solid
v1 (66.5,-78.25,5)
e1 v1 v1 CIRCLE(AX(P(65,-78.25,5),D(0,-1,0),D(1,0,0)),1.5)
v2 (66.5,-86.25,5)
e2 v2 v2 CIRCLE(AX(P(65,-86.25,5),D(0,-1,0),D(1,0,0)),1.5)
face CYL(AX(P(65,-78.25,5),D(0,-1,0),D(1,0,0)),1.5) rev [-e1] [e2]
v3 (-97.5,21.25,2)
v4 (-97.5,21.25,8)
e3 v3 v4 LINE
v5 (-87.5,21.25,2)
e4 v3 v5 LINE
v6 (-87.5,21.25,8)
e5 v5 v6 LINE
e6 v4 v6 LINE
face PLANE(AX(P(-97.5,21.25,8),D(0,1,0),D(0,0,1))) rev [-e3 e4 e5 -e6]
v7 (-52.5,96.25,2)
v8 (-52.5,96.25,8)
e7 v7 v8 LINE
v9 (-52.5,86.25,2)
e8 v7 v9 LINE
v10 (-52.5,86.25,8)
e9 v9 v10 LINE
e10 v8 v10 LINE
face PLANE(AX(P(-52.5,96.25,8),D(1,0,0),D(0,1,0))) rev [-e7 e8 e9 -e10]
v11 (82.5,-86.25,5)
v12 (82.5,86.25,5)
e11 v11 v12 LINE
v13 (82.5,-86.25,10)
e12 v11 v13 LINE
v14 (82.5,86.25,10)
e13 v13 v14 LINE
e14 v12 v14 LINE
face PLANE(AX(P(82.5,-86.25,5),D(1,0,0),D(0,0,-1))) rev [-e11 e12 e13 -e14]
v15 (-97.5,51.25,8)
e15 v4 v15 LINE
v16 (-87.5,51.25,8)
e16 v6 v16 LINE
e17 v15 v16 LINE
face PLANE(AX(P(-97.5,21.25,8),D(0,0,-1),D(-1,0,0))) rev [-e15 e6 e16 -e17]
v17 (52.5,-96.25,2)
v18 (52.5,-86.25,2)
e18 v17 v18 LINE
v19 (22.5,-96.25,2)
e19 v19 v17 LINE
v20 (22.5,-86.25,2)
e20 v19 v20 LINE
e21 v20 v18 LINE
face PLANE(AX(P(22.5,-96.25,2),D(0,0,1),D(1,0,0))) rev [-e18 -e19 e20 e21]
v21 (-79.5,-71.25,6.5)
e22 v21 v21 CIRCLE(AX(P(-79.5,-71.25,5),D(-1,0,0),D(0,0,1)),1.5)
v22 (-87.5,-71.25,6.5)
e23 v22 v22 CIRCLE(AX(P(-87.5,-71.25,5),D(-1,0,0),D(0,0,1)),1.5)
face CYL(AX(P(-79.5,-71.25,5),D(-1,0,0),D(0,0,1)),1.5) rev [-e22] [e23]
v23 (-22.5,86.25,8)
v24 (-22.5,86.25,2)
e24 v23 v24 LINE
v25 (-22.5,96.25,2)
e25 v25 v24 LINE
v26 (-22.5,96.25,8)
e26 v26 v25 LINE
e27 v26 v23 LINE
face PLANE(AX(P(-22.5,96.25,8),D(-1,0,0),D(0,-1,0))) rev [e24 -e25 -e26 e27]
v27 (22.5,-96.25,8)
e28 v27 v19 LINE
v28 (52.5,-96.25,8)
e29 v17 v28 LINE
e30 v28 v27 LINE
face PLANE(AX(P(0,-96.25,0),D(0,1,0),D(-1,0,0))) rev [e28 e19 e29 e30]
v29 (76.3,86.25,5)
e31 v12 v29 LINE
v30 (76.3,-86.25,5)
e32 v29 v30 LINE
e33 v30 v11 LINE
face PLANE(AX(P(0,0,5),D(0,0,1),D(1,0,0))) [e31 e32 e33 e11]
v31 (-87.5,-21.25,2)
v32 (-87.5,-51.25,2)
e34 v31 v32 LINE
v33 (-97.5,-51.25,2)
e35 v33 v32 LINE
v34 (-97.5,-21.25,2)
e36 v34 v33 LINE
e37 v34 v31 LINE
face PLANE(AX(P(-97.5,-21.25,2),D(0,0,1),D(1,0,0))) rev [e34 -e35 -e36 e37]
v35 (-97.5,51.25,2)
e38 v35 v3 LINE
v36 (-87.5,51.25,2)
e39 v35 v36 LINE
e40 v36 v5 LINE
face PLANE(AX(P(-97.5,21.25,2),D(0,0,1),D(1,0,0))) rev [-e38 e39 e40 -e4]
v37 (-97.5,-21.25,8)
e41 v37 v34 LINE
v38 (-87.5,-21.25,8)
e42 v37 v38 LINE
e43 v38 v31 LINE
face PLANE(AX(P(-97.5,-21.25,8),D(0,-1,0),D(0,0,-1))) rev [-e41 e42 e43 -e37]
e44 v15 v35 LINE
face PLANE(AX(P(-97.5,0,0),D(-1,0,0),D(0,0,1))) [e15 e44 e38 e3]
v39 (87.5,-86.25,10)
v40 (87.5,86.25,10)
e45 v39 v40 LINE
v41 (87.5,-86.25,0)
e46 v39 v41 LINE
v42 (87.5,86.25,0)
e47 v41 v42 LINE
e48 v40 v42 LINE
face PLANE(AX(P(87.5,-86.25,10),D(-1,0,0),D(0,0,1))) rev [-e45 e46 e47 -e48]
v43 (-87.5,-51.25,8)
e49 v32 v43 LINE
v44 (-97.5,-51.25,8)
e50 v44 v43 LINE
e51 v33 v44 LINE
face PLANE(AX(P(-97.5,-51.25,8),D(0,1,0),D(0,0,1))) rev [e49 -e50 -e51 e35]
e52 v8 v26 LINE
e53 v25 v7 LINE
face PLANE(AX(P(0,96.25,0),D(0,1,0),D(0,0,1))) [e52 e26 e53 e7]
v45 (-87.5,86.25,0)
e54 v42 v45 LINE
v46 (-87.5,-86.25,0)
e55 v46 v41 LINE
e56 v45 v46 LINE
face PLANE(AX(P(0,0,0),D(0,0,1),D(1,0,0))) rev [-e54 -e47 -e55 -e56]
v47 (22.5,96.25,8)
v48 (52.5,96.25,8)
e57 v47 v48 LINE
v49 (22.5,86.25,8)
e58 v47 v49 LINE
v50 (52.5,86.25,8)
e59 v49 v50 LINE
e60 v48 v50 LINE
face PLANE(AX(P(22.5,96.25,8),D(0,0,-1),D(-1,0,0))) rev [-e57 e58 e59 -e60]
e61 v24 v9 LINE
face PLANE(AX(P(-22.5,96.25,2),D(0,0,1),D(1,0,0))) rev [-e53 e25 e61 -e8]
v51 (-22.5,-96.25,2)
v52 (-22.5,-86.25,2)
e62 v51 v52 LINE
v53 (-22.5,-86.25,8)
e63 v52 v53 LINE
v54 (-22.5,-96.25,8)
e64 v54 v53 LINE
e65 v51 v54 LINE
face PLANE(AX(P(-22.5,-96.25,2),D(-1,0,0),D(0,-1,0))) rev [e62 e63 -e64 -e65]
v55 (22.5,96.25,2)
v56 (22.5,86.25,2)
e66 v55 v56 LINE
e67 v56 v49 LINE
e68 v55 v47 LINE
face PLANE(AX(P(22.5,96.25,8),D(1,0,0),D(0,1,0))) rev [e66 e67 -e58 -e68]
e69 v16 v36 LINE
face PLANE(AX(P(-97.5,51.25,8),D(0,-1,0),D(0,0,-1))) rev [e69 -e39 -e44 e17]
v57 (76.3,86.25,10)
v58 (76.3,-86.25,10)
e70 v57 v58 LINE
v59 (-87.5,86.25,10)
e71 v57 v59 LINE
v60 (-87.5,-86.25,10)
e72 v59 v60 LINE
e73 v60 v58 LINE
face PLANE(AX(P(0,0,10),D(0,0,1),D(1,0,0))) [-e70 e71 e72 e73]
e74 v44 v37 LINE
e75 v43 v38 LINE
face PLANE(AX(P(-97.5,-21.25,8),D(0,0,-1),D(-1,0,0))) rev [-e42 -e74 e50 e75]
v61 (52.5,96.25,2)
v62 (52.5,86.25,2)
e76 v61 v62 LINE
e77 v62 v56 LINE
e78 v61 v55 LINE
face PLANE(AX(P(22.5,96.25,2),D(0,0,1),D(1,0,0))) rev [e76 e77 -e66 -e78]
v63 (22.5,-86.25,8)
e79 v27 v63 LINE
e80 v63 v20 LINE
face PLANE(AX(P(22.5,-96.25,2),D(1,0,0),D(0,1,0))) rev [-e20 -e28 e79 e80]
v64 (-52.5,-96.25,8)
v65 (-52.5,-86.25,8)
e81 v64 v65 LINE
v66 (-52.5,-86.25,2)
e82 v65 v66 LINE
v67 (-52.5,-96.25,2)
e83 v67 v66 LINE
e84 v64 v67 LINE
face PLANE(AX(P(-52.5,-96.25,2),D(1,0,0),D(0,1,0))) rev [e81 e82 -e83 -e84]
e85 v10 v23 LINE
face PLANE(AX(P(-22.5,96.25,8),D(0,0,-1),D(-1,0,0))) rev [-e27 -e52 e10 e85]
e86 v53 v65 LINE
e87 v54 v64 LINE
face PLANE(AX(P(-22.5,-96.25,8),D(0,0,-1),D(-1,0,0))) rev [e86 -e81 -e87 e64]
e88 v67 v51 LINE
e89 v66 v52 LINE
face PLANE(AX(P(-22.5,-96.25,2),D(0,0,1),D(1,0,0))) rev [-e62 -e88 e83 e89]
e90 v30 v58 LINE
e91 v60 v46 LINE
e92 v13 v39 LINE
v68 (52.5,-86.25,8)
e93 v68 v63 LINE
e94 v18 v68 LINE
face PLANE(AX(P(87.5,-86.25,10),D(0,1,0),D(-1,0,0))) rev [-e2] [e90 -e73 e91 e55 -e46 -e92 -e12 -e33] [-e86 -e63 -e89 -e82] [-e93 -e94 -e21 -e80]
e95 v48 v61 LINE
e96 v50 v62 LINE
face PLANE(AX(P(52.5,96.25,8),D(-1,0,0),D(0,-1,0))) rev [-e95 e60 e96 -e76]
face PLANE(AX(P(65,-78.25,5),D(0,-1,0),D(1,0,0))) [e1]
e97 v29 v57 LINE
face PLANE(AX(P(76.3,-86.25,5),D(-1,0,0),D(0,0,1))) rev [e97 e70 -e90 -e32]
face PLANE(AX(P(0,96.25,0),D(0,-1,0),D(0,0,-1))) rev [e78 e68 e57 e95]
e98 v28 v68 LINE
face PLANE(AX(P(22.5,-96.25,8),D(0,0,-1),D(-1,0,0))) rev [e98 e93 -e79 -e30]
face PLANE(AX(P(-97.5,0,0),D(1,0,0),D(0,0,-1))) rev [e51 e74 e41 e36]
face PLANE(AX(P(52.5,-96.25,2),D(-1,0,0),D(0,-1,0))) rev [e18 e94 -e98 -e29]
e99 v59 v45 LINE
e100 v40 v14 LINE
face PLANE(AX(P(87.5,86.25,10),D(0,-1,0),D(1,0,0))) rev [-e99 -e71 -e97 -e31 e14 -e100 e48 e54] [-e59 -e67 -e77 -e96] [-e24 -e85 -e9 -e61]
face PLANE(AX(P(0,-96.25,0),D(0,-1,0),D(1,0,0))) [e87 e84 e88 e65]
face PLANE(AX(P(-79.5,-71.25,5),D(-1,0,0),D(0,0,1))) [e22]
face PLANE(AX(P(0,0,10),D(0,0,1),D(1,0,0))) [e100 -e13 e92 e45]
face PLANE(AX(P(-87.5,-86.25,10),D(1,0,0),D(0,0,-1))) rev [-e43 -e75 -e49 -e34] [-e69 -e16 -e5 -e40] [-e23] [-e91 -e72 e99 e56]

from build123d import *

# Parameters (mm, degrees)
ESBO_O1_W                = 175
ESBO_O1_H                = 172.5
RESSALTO_EXTRUS_O1_DEPTH = 10
ESBO_O5_W                = 30
ESBO_O5_H                = 6
RESSALTO_EXTRUS_O5_DEPTH = 10
ESBO_O6_W                = 6
ESBO_O6_H                = 30
RESSALTO_EXTRUS_O6_DEPTH = 10
ESBO_O7_W                = 30
ESBO_O7_H                = 6
RESSALTO_EXTRUS_O7_DEPTH = 10
ESBO_O9_W                = 6.2
ESBO_O9_H                = 172.5
CORTE_EXTRUS_O2_DEPTH    = 5
ESBO_O10_R               = 1.5
CORTE_EXTRUS_O3_DEPTH    = 8
ESBO_O11_R               = 1.5
CORTE_EXTRUS_O4_DEPTH    = 8


with BuildPart() as part:
    # Esboço1 → Ressalto-extrusão1 (new body)
    with BuildSketch(Plane.XY):
        Rectangle(ESBO_O1_W, ESBO_O1_H)
    extrude(amount=RESSALTO_EXTRUS_O1_DEPTH)

    # Esboço5 → Ressalto-extrusão5 (add)
    with BuildSketch(Plane(origin=(0, 86.25, 0), x_dir=(1, 0, 0), z_dir=(0, 1, 0))):
        with Locations((-37.5, -5)):
            Rectangle(ESBO_O5_W, ESBO_O5_H)
        with Locations((37.5, -5)):
            Rectangle(ESBO_O5_W, ESBO_O5_H)
    extrude(amount=RESSALTO_EXTRUS_O5_DEPTH)

    # Esboço6 → Ressalto-extrusão6 (add)
    with BuildSketch(Plane.ZY.offset(87.5)):
        with Locations((5, 36.25)):
            Rectangle(ESBO_O6_W, ESBO_O6_H)
        with Locations((5, -36.25)):
            Rectangle(ESBO_O6_W, ESBO_O6_H)
    extrude(amount=RESSALTO_EXTRUS_O6_DEPTH)

    # Esboço7 → Ressalto-extrusão7 (add)
    with BuildSketch(Plane.XZ.offset(86.25)):
        with Locations((-37.5, 5)):
            Rectangle(ESBO_O7_W, ESBO_O7_H)
        with Locations((37.5, 5)):
            Rectangle(ESBO_O7_W, ESBO_O7_H)
    extrude(amount=RESSALTO_EXTRUS_O7_DEPTH)

    # Esboço9 → Corte-extrusão2 (cut)
    with BuildSketch(Plane.XY.offset(10)):
        with Locations((79.4, 0)):
            Rectangle(ESBO_O9_W, ESBO_O9_H)
    extrude(amount=-CORTE_EXTRUS_O2_DEPTH, mode=Mode.SUBTRACT)

    # Esboço10 → Corte-extrusão3 (cut)
    with BuildSketch(Plane.ZY.offset(87.5)):
        with Locations((5, -71.25)):
            Circle(ESBO_O10_R)
    extrude(amount=-CORTE_EXTRUS_O3_DEPTH, mode=Mode.SUBTRACT)

    # Esboço11 → Corte-extrusão4 (cut)
    with BuildSketch(Plane.XZ.offset(86.25)):
        with Locations((65, 5)):
            Circle(ESBO_O11_R)
    extrude(amount=-CORTE_EXTRUS_O4_DEPTH, mode=Mode.SUBTRACT)


solid = part.part
